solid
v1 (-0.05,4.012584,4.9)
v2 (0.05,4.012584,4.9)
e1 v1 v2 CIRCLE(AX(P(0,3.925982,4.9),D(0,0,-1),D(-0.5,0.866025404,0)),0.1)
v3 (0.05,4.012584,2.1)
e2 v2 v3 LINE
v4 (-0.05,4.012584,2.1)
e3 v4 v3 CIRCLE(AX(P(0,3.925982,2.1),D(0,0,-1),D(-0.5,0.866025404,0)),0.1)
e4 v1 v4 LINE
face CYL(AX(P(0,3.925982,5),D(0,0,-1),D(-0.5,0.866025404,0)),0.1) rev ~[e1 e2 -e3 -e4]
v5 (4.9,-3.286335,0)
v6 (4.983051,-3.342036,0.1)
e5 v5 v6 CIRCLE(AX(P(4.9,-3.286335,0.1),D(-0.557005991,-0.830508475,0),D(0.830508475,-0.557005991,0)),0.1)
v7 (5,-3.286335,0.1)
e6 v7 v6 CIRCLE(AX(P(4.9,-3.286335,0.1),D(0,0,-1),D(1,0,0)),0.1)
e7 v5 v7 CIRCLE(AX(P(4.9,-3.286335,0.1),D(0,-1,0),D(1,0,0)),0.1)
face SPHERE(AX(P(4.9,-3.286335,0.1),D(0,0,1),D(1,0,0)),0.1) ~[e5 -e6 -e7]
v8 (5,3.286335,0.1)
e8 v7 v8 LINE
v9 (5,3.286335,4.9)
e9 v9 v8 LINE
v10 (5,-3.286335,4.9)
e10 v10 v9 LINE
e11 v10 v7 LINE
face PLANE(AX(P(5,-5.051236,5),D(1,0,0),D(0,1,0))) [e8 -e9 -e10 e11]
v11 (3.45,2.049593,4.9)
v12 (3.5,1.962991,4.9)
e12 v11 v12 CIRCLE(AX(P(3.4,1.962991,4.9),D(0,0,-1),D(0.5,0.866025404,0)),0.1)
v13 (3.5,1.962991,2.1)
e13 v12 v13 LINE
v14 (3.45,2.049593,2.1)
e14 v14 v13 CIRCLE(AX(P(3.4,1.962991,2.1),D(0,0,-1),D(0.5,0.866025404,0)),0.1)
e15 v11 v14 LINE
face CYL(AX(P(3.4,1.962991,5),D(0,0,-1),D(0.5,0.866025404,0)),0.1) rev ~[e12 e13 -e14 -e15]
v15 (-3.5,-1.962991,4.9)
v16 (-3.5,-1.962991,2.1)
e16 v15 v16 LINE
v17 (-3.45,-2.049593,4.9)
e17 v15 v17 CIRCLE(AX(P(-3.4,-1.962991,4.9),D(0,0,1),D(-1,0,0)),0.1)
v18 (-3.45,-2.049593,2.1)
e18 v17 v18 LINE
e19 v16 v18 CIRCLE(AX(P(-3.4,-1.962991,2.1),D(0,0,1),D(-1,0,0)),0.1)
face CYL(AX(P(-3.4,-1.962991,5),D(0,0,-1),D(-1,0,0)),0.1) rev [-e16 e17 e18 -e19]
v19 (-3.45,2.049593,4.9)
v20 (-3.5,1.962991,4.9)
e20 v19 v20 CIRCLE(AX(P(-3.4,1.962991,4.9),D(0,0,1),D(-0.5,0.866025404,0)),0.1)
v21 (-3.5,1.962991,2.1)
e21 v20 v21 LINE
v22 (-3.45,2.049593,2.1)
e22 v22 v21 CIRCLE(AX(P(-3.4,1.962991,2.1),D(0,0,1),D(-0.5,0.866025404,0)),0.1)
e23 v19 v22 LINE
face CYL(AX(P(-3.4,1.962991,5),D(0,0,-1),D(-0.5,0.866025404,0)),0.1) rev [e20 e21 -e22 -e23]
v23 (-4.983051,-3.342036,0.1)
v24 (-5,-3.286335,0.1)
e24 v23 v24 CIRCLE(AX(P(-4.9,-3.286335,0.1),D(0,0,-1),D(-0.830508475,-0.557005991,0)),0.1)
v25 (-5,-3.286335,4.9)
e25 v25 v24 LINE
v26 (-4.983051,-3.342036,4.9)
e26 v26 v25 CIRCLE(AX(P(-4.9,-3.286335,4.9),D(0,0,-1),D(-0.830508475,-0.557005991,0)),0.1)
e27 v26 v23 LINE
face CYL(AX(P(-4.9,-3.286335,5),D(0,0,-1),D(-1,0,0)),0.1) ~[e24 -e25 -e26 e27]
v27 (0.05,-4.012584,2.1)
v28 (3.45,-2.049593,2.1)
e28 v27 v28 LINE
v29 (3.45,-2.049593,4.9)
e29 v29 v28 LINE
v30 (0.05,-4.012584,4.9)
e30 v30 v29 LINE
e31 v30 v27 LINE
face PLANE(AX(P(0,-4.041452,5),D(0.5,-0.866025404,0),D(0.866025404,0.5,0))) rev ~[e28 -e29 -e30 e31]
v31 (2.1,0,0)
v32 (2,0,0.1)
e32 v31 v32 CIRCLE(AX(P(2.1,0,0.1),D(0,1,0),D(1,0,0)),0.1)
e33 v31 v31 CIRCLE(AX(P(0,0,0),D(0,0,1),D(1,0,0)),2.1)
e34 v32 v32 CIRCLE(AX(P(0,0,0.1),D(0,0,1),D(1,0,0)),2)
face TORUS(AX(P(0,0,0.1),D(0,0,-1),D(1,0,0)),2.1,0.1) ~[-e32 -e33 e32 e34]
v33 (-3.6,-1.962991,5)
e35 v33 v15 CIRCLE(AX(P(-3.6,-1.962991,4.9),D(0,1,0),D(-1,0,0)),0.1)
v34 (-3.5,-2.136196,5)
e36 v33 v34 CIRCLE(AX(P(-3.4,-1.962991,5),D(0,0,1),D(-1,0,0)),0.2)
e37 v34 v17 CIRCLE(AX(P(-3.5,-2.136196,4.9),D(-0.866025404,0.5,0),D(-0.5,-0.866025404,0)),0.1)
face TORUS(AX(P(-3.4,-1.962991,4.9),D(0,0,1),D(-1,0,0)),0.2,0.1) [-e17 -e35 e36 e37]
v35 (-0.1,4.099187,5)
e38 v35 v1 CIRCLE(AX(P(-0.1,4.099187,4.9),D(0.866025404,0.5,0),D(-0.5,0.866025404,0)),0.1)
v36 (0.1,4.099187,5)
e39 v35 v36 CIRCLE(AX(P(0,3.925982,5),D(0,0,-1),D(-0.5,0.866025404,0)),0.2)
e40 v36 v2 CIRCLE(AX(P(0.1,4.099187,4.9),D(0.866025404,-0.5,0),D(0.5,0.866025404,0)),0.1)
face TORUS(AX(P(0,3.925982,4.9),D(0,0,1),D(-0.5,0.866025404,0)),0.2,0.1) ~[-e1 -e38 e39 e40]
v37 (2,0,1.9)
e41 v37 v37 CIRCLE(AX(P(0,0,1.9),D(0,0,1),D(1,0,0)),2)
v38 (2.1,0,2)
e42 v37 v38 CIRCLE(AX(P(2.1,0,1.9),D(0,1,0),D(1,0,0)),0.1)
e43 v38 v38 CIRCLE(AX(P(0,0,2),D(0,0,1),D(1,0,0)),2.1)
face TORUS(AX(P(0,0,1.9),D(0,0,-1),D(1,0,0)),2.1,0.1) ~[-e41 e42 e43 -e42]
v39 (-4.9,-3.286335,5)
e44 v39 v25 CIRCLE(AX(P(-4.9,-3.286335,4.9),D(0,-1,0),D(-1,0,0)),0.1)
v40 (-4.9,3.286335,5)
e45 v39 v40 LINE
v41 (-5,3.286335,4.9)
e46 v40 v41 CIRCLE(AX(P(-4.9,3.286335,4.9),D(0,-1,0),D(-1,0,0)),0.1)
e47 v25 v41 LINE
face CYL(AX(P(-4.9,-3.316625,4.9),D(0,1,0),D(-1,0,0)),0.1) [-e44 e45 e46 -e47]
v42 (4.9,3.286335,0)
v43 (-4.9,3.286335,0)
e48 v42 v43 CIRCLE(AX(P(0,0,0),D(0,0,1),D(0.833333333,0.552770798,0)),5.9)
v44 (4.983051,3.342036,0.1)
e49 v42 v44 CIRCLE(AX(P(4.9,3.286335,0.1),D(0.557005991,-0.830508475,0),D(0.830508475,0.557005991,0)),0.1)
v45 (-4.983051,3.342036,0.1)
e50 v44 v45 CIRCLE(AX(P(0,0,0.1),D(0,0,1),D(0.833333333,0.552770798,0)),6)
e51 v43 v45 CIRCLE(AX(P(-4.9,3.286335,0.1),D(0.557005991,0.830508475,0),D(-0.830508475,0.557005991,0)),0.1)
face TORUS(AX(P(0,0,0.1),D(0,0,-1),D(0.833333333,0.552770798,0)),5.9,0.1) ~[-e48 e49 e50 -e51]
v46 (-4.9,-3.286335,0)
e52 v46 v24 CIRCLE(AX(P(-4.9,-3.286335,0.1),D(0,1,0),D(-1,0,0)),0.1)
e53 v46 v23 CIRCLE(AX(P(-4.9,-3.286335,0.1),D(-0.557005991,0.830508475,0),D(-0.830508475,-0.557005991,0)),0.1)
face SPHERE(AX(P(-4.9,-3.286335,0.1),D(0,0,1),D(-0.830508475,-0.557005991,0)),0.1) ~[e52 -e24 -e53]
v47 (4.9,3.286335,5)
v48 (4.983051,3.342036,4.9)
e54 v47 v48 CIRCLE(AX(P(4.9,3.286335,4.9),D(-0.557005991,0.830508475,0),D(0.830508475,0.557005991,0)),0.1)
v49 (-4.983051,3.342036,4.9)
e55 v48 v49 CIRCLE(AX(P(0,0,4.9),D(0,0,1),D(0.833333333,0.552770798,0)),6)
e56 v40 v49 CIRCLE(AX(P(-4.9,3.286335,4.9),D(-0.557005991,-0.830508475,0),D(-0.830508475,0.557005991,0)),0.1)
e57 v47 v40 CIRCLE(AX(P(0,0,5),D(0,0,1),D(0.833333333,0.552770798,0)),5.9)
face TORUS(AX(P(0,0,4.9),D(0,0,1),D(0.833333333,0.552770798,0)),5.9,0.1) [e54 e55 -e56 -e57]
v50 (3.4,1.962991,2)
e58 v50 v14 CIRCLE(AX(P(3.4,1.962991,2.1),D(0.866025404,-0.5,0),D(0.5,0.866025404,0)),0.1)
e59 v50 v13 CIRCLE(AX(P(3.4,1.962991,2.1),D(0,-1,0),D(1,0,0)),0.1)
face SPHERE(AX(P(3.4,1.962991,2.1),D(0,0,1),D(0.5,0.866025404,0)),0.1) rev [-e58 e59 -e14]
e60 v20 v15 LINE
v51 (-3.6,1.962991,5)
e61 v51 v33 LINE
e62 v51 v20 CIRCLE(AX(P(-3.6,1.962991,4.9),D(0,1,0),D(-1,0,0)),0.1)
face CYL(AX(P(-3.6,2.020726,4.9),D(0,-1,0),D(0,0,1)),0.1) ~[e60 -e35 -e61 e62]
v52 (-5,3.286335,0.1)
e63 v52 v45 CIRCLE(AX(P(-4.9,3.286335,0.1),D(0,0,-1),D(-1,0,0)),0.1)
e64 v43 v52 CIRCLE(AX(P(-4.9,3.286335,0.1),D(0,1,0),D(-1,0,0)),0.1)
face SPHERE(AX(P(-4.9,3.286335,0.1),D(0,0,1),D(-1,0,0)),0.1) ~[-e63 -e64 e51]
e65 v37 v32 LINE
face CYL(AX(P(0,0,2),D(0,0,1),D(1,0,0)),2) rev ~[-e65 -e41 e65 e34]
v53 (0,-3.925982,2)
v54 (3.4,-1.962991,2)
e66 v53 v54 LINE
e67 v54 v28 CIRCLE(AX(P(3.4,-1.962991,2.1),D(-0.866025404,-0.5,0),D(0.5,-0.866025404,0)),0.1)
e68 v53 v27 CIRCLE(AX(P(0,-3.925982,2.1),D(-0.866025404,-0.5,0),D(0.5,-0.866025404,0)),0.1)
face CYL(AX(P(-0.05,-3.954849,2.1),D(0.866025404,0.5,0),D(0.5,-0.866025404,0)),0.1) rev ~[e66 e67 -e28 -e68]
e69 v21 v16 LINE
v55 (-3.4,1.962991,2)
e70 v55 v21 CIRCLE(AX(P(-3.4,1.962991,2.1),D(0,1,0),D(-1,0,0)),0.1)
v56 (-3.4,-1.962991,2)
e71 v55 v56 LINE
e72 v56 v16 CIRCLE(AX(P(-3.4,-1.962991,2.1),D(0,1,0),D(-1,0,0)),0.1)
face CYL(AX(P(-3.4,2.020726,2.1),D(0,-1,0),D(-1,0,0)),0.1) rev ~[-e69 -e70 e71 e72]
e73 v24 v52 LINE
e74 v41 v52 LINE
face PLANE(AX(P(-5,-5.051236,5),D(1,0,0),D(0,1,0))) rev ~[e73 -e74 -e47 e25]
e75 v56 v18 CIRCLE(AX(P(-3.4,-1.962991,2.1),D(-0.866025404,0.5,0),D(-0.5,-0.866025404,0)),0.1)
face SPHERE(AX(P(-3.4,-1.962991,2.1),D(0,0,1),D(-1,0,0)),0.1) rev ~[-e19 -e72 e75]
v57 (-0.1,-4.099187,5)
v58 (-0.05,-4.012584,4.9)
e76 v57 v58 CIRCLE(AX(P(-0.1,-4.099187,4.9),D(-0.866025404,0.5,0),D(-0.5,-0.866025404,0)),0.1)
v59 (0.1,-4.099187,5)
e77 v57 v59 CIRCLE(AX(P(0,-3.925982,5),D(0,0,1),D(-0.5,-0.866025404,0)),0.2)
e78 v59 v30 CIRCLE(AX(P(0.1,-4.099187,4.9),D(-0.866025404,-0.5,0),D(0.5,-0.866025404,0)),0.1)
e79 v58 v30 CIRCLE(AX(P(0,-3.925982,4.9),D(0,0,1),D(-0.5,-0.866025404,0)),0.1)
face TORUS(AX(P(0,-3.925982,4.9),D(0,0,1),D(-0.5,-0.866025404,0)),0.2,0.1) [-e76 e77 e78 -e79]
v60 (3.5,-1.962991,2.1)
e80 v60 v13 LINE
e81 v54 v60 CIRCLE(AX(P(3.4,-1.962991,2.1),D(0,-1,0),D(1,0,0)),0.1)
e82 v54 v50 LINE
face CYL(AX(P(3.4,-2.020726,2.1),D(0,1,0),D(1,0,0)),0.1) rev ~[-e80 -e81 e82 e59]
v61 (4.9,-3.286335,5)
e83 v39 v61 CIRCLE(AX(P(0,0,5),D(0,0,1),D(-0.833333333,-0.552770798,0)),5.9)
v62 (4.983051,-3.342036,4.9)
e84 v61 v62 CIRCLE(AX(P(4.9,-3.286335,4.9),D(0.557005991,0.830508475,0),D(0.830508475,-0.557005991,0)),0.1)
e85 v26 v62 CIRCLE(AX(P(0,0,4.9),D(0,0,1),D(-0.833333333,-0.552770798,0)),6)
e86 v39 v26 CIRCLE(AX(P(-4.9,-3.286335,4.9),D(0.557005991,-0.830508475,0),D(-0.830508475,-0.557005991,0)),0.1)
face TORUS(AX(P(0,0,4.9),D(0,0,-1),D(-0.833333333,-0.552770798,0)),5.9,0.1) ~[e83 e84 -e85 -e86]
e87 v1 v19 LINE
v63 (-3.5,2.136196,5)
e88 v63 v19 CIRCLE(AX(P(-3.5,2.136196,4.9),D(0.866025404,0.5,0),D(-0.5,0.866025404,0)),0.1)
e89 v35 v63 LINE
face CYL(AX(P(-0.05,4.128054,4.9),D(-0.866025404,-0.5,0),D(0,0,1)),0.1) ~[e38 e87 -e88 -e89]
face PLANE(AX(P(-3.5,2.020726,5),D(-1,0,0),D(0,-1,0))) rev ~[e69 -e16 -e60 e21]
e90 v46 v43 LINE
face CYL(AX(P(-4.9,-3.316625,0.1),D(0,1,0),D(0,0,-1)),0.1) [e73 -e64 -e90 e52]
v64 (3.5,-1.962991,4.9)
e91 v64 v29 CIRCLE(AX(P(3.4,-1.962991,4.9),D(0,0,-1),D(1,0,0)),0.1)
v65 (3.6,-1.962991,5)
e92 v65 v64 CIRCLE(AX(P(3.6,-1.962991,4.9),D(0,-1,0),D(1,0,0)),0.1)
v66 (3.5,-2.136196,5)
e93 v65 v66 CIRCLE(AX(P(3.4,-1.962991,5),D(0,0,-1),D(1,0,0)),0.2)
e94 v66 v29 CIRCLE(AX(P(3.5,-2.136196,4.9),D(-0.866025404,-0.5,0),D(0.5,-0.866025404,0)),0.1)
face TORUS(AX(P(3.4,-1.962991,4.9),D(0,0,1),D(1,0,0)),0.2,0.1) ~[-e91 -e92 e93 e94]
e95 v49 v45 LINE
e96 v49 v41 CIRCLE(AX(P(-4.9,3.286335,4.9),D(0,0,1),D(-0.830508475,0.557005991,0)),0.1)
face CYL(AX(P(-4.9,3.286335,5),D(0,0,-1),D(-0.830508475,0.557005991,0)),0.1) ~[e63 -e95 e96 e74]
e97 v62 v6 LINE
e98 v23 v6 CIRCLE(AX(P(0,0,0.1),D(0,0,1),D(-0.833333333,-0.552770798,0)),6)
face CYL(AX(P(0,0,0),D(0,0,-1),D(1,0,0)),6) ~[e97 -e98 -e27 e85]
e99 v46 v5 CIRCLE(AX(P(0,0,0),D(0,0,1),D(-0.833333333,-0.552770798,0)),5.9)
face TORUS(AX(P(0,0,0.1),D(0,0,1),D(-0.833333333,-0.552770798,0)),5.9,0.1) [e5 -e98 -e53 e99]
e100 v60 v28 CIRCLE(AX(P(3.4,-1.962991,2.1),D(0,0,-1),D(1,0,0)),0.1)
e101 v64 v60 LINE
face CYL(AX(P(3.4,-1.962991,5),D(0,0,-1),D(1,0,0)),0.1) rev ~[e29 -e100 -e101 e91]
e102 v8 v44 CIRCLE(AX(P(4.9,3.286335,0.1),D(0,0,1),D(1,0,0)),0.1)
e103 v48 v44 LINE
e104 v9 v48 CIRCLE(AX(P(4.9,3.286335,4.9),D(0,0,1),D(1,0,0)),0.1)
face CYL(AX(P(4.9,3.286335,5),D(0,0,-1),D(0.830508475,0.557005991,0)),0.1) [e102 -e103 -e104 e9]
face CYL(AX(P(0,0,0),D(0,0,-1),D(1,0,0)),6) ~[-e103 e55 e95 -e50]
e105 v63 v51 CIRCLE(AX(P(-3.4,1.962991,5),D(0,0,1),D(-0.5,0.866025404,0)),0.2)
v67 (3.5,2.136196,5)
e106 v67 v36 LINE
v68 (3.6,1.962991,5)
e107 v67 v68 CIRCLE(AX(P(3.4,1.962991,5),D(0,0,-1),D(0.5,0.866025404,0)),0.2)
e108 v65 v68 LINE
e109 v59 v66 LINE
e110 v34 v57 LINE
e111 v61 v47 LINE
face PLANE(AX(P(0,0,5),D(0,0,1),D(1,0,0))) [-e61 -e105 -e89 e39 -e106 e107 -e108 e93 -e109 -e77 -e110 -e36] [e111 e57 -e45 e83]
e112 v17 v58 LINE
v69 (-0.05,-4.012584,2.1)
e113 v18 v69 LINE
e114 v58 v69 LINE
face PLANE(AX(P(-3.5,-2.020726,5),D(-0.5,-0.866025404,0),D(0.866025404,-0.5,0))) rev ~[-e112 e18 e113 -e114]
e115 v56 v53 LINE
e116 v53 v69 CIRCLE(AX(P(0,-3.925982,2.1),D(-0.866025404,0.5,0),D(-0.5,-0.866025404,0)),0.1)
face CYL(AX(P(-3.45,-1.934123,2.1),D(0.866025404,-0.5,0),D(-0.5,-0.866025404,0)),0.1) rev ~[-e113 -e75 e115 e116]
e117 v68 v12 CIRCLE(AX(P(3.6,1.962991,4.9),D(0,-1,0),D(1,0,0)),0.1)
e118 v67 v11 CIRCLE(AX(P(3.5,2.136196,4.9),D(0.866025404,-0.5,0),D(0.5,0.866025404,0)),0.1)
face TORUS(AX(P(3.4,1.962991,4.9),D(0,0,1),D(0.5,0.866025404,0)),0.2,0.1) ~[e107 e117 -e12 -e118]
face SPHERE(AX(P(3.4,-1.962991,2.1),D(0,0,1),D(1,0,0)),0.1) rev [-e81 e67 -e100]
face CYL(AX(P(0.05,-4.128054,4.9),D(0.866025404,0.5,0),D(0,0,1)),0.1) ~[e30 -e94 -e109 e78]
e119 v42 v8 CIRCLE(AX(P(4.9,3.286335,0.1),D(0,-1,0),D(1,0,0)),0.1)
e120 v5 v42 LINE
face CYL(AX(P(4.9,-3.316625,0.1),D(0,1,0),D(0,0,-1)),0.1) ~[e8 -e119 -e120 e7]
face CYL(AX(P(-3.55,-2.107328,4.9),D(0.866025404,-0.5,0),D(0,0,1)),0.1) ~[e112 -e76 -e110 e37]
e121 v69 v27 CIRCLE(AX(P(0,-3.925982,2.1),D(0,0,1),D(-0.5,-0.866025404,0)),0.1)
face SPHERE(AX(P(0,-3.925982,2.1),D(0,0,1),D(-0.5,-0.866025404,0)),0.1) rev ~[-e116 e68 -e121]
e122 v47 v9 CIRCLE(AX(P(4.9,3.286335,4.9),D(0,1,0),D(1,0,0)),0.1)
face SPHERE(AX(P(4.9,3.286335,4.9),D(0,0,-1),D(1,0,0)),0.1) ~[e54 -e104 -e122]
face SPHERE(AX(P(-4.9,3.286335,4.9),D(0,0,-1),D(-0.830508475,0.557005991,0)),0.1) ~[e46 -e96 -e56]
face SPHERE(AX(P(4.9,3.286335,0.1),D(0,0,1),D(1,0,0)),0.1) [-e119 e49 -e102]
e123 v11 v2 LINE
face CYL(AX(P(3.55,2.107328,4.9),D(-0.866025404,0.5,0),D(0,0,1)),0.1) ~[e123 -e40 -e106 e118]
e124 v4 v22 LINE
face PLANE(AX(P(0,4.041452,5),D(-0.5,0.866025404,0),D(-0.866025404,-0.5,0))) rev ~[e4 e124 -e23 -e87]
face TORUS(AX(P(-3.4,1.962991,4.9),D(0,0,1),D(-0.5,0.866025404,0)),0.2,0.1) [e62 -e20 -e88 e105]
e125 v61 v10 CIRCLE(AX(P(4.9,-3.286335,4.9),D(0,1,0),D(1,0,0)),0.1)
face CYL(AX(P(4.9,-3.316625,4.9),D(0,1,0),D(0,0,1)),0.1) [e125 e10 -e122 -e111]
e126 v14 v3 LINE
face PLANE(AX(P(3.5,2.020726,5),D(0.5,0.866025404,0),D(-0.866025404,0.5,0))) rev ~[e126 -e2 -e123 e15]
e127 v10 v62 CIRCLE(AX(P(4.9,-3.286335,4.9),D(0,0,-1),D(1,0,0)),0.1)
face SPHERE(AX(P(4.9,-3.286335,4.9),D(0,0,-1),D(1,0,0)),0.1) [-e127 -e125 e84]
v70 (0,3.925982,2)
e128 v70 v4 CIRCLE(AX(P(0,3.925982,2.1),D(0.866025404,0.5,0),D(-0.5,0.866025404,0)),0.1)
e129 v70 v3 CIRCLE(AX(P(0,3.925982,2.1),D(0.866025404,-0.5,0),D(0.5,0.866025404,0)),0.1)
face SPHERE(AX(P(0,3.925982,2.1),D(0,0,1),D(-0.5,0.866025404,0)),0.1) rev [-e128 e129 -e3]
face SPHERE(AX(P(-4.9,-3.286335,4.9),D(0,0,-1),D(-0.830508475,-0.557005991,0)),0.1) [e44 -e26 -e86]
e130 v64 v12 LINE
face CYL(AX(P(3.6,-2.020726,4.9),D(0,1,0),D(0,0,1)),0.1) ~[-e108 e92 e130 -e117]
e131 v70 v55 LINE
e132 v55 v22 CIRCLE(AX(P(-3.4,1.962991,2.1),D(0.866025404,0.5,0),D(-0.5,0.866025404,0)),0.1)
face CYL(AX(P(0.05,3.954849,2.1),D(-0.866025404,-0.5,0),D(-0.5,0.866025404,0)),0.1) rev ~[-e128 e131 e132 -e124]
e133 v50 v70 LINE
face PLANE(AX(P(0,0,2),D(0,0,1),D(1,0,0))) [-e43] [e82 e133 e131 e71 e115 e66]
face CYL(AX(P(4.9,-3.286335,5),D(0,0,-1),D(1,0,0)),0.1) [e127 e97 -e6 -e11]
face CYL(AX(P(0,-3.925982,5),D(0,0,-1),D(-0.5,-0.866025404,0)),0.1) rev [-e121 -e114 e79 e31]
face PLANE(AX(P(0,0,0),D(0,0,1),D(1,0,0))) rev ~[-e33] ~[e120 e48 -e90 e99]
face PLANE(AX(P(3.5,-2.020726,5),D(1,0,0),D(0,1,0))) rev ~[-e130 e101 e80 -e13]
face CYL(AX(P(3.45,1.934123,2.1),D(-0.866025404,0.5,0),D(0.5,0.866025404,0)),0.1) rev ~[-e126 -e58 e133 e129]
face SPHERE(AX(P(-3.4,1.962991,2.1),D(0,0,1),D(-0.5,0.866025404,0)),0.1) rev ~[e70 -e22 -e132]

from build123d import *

# Parameters (mm, degrees)
ESQUISSE1_R             = 6
EXTRUSION1_DEPTH        = 5
ENL_V_MAT_EXTRU_1_DEPTH = 3
ESQUISSE3_W             = 3.158529234
ESQUISSE3_H             = 10.681133213
ENL_V_MAT_EXTRU_2_DEPTH = 10.848857802
ESQUISSE4_R             = 2
ENL_V_MAT_EXTRU_3_DEPTH = 9.366600265
CONG_1_R                = 0.1


with BuildPart() as part:
    # Esquisse1 → Extrusion1 (new body)
    with BuildSketch(Plane.XY):
        Circle(ESQUISSE1_R)
    extrude(amount=EXTRUSION1_DEPTH)

    # Esquisse2 → Enlèv. mat.-Extru.1 (cut)
    with BuildSketch(Plane.XY.offset(5)):
        Polygon((0, 4.041451884), (-3.5, 2.020725942), (-3.5, -2.020725942), (0, -4.041451884), (3.5, -2.020725942), (3.5, 2.020725942), align=None)
    extrude(amount=-ENL_V_MAT_EXTRU_1_DEPTH, mode=Mode.SUBTRACT)

    # Esquisse3 → Enlèv. mat.-Extru.2 (cut, through all)
    with BuildSketch(Plane.XY.offset(5)):
        with Locations((-6.579264617, 0.289330923)):
            Rectangle(ESQUISSE3_W, ESQUISSE3_H)
        with Locations((6.579264617, 0.289330923)):
            Rectangle(ESQUISSE3_W, ESQUISSE3_H)
    extrude(amount=-ENL_V_MAT_EXTRU_2_DEPTH, mode=Mode.SUBTRACT)

    # Esquisse4 → Enlèv. mat.-Extru.3 (cut, through all)
    with BuildSketch(Plane.XY.offset(2)):
        Circle(ESQUISSE4_R)
    extrude(amount=-ENL_V_MAT_EXTRU_3_DEPTH, mode=Mode.SUBTRACT)

    # Congé1
    cong_1_edges = [part.edges().sort_by_distance(p)[0] for p in [
        (0, 6, 0),
        (-5, 3.31662479, 2.5),
        (0, 6, 5),
        (5, 3.31662479, 2.5),
        (5, 0, 0),
        (0, -6, 0),
        (-5, 0, 0),
        (-2, 0, 0),
        (-5, 0, 5),
        (-5, -3.31662479, 2.5),
        (5, 0, 5),
        (0, -6, 5),
        (-1.75, 3.031088913, 5),
        (1.75, 3.031088913, 5),
        (-3.5, 0, 5),
        (3.5, 0, 5),
        (-1.75, -3.031088913, 5),
        (1.75, -3.031088913, 5),
        (5, -3.31662479, 2.5),
        (-2, 0, 2),
        (0, 4.041451884, 3.5),
        (-3.5, 2.020725942, 3.5),
        (-1.75, 3.031088913, 2),
        (3.5, 2.020725942, 3.5),
        (1.75, 3.031088913, 2),
        (-3.5, -2.020725942, 3.5),
        (-3.5, 0, 2),
        (3.5, -2.020725942, 3.5),
        (3.5, 0, 2),
        (0, -4.041451884, 3.5),
        (-1.75, -3.031088913, 2),
        (1.75, -3.031088913, 2),
    ]]
    fillet(cong_1_edges, radius=CONG_1_R)


solid = part.part
